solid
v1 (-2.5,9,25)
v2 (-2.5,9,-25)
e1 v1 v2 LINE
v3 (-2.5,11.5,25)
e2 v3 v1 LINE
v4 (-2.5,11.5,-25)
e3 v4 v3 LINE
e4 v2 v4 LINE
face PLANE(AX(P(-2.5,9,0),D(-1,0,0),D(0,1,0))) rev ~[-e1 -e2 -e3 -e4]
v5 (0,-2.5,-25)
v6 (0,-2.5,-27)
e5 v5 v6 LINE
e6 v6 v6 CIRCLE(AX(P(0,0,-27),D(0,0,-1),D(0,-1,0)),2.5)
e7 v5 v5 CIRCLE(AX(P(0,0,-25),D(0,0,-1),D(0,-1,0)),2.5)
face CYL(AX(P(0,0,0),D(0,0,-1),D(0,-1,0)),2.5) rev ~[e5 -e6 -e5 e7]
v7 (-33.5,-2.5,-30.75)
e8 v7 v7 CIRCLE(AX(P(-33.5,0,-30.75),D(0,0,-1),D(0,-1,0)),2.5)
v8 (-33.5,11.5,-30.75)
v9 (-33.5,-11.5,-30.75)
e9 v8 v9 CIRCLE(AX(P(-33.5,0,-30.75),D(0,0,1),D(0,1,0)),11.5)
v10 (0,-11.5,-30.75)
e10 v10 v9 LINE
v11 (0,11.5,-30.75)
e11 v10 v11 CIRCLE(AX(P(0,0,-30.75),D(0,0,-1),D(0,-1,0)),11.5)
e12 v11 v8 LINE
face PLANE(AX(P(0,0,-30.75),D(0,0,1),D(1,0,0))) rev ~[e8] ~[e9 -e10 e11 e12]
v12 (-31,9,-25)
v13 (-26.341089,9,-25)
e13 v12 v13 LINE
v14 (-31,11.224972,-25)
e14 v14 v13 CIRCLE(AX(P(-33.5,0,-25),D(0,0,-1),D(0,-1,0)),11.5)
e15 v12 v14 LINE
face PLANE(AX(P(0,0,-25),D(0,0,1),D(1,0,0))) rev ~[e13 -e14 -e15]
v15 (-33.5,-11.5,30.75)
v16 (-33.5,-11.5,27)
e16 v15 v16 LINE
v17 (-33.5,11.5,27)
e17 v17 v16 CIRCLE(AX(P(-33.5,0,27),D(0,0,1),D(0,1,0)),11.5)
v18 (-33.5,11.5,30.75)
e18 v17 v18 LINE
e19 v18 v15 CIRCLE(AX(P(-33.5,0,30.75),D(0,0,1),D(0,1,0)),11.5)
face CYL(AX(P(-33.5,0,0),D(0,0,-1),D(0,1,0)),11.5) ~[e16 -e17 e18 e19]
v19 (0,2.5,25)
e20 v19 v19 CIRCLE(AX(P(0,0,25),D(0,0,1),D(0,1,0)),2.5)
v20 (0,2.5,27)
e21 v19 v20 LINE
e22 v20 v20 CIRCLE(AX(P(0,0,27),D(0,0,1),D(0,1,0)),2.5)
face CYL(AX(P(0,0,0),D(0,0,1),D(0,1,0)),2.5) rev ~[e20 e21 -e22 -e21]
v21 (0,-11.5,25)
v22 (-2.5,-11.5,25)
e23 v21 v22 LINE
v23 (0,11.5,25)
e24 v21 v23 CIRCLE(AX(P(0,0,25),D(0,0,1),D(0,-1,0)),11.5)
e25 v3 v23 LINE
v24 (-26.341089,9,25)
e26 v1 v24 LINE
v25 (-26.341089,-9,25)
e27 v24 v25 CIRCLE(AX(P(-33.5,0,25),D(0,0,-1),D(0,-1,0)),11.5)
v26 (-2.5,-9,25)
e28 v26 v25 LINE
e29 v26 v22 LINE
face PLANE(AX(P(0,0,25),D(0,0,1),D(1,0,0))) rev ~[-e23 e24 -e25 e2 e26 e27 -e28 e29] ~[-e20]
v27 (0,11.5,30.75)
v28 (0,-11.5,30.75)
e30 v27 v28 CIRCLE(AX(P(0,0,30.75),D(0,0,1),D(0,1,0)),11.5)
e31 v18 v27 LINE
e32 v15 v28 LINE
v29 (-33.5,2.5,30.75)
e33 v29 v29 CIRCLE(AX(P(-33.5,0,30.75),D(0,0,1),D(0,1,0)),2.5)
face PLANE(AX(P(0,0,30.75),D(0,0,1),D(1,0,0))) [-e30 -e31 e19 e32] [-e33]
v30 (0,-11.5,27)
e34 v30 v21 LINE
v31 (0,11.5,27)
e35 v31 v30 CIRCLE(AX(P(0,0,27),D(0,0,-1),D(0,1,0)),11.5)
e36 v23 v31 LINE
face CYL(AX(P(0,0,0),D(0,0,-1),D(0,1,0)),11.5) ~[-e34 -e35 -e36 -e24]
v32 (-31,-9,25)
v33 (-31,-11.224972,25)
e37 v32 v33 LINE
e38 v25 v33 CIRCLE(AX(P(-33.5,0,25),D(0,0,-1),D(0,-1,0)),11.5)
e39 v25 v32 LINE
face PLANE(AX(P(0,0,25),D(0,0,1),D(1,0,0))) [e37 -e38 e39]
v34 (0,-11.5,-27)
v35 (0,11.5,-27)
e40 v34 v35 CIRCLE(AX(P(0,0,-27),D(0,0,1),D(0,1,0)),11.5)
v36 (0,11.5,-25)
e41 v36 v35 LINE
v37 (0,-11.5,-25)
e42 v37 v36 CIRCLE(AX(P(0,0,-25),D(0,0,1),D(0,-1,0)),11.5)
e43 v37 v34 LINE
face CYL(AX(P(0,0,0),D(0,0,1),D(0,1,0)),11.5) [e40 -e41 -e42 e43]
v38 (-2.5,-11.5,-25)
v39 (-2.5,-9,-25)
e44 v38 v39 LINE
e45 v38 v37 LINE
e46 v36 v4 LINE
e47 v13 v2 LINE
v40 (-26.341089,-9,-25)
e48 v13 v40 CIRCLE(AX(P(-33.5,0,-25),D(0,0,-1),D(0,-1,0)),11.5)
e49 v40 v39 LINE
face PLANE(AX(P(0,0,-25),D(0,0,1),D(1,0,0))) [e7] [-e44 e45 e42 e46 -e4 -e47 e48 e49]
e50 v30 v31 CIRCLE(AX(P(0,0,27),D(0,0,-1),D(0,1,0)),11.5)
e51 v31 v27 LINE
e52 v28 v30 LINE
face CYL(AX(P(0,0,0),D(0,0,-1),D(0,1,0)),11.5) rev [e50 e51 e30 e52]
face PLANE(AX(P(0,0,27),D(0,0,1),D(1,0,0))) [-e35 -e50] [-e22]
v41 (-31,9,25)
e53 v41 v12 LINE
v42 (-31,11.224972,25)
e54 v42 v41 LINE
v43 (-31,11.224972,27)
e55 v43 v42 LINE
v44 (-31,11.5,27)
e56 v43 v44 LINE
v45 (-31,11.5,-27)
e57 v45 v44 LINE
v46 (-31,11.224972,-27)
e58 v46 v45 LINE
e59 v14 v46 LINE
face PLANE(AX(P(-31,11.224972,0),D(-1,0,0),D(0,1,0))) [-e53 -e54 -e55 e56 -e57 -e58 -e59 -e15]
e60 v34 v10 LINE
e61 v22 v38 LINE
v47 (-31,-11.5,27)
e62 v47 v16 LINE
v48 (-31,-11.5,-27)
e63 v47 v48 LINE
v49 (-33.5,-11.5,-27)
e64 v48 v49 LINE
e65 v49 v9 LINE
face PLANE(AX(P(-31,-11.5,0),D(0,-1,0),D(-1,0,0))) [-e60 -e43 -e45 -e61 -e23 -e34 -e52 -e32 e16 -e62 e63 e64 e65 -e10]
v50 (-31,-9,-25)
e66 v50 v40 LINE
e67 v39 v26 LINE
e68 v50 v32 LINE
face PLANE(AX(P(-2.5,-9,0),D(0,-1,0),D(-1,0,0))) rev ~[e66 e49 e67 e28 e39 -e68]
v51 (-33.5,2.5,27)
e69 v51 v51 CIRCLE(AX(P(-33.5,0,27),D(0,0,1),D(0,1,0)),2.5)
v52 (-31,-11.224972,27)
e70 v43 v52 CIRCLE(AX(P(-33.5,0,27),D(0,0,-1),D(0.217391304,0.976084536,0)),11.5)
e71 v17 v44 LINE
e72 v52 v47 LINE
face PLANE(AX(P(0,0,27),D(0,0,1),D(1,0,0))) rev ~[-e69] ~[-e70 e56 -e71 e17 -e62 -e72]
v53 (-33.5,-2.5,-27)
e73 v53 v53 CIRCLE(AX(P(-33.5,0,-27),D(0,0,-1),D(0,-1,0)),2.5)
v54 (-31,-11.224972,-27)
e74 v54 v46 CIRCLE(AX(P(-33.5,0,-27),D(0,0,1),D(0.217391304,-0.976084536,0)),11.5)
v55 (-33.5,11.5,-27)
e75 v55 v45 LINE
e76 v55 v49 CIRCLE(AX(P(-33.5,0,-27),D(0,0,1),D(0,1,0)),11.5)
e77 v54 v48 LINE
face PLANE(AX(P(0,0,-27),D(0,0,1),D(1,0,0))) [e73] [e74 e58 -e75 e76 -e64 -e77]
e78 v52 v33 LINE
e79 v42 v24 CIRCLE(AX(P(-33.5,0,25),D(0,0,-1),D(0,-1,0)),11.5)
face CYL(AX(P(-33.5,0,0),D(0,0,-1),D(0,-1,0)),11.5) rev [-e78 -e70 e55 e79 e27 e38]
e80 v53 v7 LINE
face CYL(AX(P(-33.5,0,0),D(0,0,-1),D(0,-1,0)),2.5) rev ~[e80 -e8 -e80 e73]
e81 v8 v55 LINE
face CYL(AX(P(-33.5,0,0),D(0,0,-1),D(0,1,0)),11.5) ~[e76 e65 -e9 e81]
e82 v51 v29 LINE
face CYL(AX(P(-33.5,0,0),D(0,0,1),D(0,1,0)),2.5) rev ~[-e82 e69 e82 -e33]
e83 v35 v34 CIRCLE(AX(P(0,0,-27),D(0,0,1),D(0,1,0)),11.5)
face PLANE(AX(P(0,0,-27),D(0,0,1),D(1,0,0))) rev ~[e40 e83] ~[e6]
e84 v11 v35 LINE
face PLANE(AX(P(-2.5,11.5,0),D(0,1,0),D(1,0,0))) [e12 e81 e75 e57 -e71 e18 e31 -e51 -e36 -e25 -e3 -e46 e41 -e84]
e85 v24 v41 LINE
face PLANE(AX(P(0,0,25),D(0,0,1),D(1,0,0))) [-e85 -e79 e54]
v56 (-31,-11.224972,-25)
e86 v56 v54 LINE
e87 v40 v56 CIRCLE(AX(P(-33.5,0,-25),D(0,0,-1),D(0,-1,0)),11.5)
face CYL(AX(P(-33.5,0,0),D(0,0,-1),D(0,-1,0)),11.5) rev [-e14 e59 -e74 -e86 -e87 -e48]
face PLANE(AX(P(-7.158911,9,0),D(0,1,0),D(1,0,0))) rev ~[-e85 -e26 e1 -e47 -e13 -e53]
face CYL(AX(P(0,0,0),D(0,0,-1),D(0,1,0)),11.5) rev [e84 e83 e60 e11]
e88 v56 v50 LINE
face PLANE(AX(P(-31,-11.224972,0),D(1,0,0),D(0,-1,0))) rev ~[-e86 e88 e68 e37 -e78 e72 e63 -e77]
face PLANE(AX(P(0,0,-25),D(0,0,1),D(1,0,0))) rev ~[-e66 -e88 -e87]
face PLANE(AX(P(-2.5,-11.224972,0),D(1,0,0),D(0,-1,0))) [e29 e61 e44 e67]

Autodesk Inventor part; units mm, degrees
ref_plane "YZ Plane" through (0, 0, 0) normal (1, 0, 0) x (0, 1, 0)
ref_plane "XZ Plane" through (0, 0, 0) normal (0, 1, 0) x (-1, 0, 0)
ref_plane "XY Plane" through (0, 0, 0) normal (0, 0, 1) x (1, 0, 0)
sketch "Sketch1" plane through (0, 0, 0) normal (0, 0, 1) x (1, 0, 0)
  arc A0 (0, 11.5) -> (0, -11.5) centre (0, 0) ccw
  line L0 (0, 0) -> (-33.5, 0) construction
  line L1 (-33.5, 11.5) -> (0, 11.5)
  line L2 (0, 11.5) -> (0, -11.5)
  line L3 (0, -11.5) -> (-33.5, -11.5)
  line L4 (-33.5, -11.5) -> (-33.5, 11.5)
  line L5 (-31, 9) -> (-2.5, 9)
  line L6 (-2.5, 9) -> (-2.5, -9)
  line L7 (-2.5, -9) -> (-31, -9)
  line L8 (-31, -9) -> (-31, 9)
  arc A1 (-33.5, -11.5) -> (-33.5, 11.5) centre (-33.5, 0) ccw
  arc A2 (-33.5, 11.5) -> (-33.5, -11.5) centre (-33.5, 0) ccw
  arc A3 (0, -11.5) -> (0, 11.5) centre (0, 0) ccw
  line L9 (-31, 9) -> (-31, 11.5)
  line L10 (-2.5, 9) -> (-2.5, 11.5)
  line L11 (-31, -9) -> (-31, -11.5)
  line L12 (-2.5, -9) -> (-2.5, -11.5)
  dimension "d0" = 2.5
  dimension "d1" = 2.5
  dimension "d2" = 2.5
  dimension "d3" = 2.5
  dimension "d4" = 18
  dimension "d5" = 33.5
extrude "Extrusion3" add sketch "Sketch1" along normal mid plane 61.5 contours A0 L10 L1 | A0 L5 A1 L9 L1 L10 | L3 L12 A0 | A0 L7 A1 L5 | L9 A1 L1 | L12 L3 L11 A1 L7 A0 | A1 L7 L8 L5 | L5 L9 A1 | A1 L9 L8 L11 L4 | L4 A2 | L3 A1 L11 | A1 L11 L7
extrude "Extrusion4" add sketch "Sketch1" along normal mid plane 54 contours L2 A0 L12 L6 L10 | A3 L2 | L10 L5 A0 | L5 L6 L7 A0 | A0 L7 L12
extrude "Extrusion5" cut sketch "Sketch1" along normal mid plane 50
extrude "Extrusion7" cut sketch "Sketch1" along normal mid plane 54 contours L9 A1 L1 | A1 L7 L8 L5 | L5 L9 A1 | A1 L9 L8 L11 L4 | L4 A2 | L3 A1 L11 | A1 L11 L7
extrude "Extrusion6" add sketch "Sketch1" along normal mid plane 50 contours L10 L5 A0 | A0 L5 A1 L9 L1 L10 | L12 L3 L11 A1 L7 A0 | A0 L7 L12 | L5 L9 A1 | A1 L11 L7
hole "Hole1" at (-33.5, 0, 0) at (0, 0, 0) direction (0, 0, 1) diameter 5 end through all
hole "Hole2" at (0, 0, 0) at (-33.5, 0, 0) direction (0, 0, -1) diameter 5 end through all
equation "\"d1\" = d0"
equation "\"d2\" = d0"
equation "\"d3\" = d0"
properties part number "carrier-link" material "ABS Plastic"
